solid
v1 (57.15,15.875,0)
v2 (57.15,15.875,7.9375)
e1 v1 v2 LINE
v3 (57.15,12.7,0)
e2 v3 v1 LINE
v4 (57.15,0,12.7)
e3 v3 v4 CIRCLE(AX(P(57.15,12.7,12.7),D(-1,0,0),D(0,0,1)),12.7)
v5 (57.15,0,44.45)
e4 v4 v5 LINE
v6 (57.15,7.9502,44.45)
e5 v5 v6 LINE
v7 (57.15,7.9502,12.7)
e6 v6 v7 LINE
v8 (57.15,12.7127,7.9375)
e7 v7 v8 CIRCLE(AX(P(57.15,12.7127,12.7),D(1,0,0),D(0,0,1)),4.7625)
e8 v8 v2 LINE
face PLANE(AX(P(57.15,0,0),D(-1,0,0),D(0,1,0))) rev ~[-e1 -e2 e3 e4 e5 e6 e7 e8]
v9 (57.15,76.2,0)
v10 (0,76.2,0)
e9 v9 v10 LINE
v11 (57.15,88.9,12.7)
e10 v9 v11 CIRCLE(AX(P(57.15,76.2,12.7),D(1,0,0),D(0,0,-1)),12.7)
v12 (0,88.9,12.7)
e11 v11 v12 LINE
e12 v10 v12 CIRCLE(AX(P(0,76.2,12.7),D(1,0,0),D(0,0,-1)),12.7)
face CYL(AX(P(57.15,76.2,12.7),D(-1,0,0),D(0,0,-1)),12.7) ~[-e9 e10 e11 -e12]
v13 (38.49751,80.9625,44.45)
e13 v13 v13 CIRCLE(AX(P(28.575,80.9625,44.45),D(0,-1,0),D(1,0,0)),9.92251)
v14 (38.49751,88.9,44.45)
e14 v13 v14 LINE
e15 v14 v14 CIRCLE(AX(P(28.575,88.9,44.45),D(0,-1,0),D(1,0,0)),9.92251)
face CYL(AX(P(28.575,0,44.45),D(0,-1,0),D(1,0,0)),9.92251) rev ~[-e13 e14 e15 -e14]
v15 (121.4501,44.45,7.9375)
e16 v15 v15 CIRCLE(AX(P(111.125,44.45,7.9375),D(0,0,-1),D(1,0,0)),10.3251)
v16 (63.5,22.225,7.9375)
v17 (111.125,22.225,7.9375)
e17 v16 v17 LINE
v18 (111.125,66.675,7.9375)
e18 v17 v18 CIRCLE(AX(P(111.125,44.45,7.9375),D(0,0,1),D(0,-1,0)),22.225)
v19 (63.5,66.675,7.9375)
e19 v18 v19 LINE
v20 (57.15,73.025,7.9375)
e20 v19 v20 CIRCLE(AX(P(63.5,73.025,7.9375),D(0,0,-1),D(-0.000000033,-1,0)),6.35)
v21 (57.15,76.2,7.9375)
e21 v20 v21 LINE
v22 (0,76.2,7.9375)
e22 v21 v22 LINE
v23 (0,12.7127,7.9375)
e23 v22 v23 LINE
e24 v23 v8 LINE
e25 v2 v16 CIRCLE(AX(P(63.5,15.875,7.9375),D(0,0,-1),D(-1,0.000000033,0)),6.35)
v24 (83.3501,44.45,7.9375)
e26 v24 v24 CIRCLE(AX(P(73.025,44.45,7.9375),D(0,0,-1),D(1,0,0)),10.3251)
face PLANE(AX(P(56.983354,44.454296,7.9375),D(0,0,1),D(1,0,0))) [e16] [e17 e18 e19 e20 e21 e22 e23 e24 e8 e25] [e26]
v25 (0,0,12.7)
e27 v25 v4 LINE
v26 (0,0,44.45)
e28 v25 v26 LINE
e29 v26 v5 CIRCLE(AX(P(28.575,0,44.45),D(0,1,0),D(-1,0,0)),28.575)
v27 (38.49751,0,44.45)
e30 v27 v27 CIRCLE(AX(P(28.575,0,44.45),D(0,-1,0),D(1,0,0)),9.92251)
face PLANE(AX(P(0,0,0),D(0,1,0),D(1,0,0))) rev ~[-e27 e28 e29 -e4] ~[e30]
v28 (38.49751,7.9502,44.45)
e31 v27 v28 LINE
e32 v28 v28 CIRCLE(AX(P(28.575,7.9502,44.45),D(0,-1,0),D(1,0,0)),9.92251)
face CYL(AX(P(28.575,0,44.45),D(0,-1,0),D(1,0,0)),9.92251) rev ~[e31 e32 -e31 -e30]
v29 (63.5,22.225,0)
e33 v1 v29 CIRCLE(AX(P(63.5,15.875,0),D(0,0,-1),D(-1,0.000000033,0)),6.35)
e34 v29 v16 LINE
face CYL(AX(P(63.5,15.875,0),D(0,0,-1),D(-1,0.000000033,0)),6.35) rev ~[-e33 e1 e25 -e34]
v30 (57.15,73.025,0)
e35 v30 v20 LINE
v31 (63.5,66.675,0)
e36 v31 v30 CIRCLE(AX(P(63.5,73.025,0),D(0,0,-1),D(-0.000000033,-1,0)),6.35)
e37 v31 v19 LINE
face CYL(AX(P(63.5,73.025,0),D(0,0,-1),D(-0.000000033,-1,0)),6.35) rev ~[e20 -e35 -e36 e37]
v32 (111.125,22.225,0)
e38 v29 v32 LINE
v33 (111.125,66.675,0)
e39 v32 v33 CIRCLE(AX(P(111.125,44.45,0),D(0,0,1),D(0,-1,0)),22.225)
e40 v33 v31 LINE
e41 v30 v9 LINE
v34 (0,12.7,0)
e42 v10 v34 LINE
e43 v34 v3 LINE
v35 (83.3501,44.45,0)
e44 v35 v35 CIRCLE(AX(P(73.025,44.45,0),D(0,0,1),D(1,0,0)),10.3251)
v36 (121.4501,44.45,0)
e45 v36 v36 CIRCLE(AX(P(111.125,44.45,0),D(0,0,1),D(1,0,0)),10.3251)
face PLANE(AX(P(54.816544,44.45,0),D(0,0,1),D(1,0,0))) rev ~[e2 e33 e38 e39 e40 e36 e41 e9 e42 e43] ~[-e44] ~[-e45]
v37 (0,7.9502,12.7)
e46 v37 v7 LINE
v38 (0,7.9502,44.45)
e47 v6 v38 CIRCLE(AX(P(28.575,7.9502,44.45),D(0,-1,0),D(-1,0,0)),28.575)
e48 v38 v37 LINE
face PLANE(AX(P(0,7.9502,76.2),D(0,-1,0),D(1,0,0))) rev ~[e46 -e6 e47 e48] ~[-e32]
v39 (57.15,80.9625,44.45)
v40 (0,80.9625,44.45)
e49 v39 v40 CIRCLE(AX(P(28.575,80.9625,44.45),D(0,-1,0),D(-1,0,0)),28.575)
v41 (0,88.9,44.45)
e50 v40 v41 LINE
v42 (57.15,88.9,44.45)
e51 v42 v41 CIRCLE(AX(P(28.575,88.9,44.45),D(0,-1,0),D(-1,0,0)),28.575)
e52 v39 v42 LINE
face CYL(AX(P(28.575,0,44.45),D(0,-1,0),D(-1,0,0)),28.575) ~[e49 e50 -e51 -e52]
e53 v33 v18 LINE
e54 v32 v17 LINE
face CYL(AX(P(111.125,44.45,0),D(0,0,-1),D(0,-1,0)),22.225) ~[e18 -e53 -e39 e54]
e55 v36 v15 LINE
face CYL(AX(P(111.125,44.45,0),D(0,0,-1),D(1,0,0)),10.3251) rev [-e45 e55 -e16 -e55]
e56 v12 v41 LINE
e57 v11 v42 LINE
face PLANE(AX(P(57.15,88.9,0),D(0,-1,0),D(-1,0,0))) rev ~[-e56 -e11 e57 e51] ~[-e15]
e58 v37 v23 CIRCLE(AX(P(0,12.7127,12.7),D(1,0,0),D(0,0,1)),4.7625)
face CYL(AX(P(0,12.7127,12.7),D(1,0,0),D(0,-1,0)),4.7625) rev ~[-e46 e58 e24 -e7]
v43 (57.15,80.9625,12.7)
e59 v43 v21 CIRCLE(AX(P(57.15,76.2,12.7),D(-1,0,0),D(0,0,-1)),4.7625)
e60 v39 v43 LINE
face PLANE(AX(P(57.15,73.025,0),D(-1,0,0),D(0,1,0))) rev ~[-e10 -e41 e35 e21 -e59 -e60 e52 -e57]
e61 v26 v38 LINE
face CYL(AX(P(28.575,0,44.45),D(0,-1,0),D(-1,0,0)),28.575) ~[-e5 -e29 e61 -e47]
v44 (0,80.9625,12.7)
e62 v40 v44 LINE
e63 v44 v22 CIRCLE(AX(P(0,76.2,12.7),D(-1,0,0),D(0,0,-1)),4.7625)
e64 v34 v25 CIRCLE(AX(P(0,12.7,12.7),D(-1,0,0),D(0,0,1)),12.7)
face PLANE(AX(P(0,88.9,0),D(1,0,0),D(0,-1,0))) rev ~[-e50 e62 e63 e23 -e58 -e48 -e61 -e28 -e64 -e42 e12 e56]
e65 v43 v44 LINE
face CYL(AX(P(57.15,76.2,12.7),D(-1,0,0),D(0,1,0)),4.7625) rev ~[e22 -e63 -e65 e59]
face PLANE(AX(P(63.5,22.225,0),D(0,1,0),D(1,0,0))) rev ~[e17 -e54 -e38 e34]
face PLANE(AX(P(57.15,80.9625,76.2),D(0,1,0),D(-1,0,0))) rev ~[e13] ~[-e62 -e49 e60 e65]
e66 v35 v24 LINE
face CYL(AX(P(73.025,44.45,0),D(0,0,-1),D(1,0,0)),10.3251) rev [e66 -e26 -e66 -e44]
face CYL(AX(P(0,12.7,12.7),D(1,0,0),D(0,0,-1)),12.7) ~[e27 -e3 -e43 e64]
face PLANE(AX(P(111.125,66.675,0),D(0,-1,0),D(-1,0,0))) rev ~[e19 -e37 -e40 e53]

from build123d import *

# Parameters (mm, degrees)
F0_R     = 10.3251
F1_DEPTH = 76.2
F3_DEPTH = 68.2625
F4_R     = 9.92251
F5_DEPTH = 88.901
F6_R     = 12.7
F7_R     = 4.7625


with BuildPart() as f1:
    # F0 (on Top) → F1 (new body)
    with BuildSketch(Plane.XY):
        with BuildLine():
            Line((0, 88.9), (0, 0))
            Line((0, 0), (57.15, 0))
            Line((57.15, 0), (57.15, 15.875))
            ThreePointArc((57.15, 15.875), (59.009872, 20.365128), (63.5, 22.225))
            Line((63.5, 22.225), (111.125, 22.225))
            ThreePointArc((111.125, 22.225), (133.35, 44.45), (111.125, 66.675))
            Line((111.125, 66.675), (63.5, 66.675))
            ThreePointArc((63.5, 66.675), (59.009872, 68.534872), (57.15, 73.025))
            Line((57.15, 73.025), (57.15, 88.9))
            Line((57.15, 88.9), (0, 88.9))
        make_face()
        with Locations((73.025, 44.45)):
            Circle(F0_R, mode=Mode.SUBTRACT)
        with Locations((111.125, 44.45)):
            Circle(F0_R, mode=Mode.SUBTRACT)
    extrude(amount=F1_DEPTH)

    # F2 (on face) → F3 (cut)
    with BuildSketch(Plane.XY.offset(76.2)):
        with BuildLine():
            ThreePointArc((57.15, 15.875), (59.009872, 20.365128), (63.5, 22.225))
            Line((63.5, 22.225), (111.125, 22.225))
            ThreePointArc((111.125, 22.225), (133.35, 44.45), (111.125, 66.675))
            Line((111.125, 66.675), (63.5, 66.675))
            ThreePointArc((63.5, 66.675), (59.009872, 68.534872), (57.15, 73.025))
            Line((57.15, 73.025), (57.15, 80.9625))
            Line((57.15, 80.9625), (0, 80.9625))
            Line((0, 80.9625), (0, 7.9502))
            Line((0, 7.9502), (57.15, 7.9502))
            Line((57.15, 7.9502), (57.15, 15.875))
        make_face()
    extrude(amount=-F3_DEPTH, mode=Mode.SUBTRACT)

    # F4 (on face) → F5 (cut, through all)
    with BuildSketch(Plane.XZ):
        with Locations((28.575, 44.45)):
            Circle(F4_R)
        with BuildLine():
            Line((0, 76.2), (0, 44.45))
            ThreePointArc((0, 44.45), (28.575, 73.025), (57.15, 44.45))
            Line((57.15, 44.45), (57.15, 76.2))
            Line((57.15, 76.2), (0, 76.2))
        make_face()
    extrude(amount=-F5_DEPTH, mode=Mode.SUBTRACT)

    # F6
    f6_edges = [f1.edges().sort_by_distance(p)[0] for p in [
        (28.575, 0, 0),
        (28.575, 88.9, 0),
    ]]
    fillet(f6_edges, radius=F6_R)

    # F7
    f7_edges = [f1.edges().sort_by_distance(p)[0] for p in [
        (28.575, 7.9502, 7.9375),
        (28.575, 80.9625, 7.9375),
    ]]
    fillet(f7_edges, radius=F7_R)


solid = f1.part
